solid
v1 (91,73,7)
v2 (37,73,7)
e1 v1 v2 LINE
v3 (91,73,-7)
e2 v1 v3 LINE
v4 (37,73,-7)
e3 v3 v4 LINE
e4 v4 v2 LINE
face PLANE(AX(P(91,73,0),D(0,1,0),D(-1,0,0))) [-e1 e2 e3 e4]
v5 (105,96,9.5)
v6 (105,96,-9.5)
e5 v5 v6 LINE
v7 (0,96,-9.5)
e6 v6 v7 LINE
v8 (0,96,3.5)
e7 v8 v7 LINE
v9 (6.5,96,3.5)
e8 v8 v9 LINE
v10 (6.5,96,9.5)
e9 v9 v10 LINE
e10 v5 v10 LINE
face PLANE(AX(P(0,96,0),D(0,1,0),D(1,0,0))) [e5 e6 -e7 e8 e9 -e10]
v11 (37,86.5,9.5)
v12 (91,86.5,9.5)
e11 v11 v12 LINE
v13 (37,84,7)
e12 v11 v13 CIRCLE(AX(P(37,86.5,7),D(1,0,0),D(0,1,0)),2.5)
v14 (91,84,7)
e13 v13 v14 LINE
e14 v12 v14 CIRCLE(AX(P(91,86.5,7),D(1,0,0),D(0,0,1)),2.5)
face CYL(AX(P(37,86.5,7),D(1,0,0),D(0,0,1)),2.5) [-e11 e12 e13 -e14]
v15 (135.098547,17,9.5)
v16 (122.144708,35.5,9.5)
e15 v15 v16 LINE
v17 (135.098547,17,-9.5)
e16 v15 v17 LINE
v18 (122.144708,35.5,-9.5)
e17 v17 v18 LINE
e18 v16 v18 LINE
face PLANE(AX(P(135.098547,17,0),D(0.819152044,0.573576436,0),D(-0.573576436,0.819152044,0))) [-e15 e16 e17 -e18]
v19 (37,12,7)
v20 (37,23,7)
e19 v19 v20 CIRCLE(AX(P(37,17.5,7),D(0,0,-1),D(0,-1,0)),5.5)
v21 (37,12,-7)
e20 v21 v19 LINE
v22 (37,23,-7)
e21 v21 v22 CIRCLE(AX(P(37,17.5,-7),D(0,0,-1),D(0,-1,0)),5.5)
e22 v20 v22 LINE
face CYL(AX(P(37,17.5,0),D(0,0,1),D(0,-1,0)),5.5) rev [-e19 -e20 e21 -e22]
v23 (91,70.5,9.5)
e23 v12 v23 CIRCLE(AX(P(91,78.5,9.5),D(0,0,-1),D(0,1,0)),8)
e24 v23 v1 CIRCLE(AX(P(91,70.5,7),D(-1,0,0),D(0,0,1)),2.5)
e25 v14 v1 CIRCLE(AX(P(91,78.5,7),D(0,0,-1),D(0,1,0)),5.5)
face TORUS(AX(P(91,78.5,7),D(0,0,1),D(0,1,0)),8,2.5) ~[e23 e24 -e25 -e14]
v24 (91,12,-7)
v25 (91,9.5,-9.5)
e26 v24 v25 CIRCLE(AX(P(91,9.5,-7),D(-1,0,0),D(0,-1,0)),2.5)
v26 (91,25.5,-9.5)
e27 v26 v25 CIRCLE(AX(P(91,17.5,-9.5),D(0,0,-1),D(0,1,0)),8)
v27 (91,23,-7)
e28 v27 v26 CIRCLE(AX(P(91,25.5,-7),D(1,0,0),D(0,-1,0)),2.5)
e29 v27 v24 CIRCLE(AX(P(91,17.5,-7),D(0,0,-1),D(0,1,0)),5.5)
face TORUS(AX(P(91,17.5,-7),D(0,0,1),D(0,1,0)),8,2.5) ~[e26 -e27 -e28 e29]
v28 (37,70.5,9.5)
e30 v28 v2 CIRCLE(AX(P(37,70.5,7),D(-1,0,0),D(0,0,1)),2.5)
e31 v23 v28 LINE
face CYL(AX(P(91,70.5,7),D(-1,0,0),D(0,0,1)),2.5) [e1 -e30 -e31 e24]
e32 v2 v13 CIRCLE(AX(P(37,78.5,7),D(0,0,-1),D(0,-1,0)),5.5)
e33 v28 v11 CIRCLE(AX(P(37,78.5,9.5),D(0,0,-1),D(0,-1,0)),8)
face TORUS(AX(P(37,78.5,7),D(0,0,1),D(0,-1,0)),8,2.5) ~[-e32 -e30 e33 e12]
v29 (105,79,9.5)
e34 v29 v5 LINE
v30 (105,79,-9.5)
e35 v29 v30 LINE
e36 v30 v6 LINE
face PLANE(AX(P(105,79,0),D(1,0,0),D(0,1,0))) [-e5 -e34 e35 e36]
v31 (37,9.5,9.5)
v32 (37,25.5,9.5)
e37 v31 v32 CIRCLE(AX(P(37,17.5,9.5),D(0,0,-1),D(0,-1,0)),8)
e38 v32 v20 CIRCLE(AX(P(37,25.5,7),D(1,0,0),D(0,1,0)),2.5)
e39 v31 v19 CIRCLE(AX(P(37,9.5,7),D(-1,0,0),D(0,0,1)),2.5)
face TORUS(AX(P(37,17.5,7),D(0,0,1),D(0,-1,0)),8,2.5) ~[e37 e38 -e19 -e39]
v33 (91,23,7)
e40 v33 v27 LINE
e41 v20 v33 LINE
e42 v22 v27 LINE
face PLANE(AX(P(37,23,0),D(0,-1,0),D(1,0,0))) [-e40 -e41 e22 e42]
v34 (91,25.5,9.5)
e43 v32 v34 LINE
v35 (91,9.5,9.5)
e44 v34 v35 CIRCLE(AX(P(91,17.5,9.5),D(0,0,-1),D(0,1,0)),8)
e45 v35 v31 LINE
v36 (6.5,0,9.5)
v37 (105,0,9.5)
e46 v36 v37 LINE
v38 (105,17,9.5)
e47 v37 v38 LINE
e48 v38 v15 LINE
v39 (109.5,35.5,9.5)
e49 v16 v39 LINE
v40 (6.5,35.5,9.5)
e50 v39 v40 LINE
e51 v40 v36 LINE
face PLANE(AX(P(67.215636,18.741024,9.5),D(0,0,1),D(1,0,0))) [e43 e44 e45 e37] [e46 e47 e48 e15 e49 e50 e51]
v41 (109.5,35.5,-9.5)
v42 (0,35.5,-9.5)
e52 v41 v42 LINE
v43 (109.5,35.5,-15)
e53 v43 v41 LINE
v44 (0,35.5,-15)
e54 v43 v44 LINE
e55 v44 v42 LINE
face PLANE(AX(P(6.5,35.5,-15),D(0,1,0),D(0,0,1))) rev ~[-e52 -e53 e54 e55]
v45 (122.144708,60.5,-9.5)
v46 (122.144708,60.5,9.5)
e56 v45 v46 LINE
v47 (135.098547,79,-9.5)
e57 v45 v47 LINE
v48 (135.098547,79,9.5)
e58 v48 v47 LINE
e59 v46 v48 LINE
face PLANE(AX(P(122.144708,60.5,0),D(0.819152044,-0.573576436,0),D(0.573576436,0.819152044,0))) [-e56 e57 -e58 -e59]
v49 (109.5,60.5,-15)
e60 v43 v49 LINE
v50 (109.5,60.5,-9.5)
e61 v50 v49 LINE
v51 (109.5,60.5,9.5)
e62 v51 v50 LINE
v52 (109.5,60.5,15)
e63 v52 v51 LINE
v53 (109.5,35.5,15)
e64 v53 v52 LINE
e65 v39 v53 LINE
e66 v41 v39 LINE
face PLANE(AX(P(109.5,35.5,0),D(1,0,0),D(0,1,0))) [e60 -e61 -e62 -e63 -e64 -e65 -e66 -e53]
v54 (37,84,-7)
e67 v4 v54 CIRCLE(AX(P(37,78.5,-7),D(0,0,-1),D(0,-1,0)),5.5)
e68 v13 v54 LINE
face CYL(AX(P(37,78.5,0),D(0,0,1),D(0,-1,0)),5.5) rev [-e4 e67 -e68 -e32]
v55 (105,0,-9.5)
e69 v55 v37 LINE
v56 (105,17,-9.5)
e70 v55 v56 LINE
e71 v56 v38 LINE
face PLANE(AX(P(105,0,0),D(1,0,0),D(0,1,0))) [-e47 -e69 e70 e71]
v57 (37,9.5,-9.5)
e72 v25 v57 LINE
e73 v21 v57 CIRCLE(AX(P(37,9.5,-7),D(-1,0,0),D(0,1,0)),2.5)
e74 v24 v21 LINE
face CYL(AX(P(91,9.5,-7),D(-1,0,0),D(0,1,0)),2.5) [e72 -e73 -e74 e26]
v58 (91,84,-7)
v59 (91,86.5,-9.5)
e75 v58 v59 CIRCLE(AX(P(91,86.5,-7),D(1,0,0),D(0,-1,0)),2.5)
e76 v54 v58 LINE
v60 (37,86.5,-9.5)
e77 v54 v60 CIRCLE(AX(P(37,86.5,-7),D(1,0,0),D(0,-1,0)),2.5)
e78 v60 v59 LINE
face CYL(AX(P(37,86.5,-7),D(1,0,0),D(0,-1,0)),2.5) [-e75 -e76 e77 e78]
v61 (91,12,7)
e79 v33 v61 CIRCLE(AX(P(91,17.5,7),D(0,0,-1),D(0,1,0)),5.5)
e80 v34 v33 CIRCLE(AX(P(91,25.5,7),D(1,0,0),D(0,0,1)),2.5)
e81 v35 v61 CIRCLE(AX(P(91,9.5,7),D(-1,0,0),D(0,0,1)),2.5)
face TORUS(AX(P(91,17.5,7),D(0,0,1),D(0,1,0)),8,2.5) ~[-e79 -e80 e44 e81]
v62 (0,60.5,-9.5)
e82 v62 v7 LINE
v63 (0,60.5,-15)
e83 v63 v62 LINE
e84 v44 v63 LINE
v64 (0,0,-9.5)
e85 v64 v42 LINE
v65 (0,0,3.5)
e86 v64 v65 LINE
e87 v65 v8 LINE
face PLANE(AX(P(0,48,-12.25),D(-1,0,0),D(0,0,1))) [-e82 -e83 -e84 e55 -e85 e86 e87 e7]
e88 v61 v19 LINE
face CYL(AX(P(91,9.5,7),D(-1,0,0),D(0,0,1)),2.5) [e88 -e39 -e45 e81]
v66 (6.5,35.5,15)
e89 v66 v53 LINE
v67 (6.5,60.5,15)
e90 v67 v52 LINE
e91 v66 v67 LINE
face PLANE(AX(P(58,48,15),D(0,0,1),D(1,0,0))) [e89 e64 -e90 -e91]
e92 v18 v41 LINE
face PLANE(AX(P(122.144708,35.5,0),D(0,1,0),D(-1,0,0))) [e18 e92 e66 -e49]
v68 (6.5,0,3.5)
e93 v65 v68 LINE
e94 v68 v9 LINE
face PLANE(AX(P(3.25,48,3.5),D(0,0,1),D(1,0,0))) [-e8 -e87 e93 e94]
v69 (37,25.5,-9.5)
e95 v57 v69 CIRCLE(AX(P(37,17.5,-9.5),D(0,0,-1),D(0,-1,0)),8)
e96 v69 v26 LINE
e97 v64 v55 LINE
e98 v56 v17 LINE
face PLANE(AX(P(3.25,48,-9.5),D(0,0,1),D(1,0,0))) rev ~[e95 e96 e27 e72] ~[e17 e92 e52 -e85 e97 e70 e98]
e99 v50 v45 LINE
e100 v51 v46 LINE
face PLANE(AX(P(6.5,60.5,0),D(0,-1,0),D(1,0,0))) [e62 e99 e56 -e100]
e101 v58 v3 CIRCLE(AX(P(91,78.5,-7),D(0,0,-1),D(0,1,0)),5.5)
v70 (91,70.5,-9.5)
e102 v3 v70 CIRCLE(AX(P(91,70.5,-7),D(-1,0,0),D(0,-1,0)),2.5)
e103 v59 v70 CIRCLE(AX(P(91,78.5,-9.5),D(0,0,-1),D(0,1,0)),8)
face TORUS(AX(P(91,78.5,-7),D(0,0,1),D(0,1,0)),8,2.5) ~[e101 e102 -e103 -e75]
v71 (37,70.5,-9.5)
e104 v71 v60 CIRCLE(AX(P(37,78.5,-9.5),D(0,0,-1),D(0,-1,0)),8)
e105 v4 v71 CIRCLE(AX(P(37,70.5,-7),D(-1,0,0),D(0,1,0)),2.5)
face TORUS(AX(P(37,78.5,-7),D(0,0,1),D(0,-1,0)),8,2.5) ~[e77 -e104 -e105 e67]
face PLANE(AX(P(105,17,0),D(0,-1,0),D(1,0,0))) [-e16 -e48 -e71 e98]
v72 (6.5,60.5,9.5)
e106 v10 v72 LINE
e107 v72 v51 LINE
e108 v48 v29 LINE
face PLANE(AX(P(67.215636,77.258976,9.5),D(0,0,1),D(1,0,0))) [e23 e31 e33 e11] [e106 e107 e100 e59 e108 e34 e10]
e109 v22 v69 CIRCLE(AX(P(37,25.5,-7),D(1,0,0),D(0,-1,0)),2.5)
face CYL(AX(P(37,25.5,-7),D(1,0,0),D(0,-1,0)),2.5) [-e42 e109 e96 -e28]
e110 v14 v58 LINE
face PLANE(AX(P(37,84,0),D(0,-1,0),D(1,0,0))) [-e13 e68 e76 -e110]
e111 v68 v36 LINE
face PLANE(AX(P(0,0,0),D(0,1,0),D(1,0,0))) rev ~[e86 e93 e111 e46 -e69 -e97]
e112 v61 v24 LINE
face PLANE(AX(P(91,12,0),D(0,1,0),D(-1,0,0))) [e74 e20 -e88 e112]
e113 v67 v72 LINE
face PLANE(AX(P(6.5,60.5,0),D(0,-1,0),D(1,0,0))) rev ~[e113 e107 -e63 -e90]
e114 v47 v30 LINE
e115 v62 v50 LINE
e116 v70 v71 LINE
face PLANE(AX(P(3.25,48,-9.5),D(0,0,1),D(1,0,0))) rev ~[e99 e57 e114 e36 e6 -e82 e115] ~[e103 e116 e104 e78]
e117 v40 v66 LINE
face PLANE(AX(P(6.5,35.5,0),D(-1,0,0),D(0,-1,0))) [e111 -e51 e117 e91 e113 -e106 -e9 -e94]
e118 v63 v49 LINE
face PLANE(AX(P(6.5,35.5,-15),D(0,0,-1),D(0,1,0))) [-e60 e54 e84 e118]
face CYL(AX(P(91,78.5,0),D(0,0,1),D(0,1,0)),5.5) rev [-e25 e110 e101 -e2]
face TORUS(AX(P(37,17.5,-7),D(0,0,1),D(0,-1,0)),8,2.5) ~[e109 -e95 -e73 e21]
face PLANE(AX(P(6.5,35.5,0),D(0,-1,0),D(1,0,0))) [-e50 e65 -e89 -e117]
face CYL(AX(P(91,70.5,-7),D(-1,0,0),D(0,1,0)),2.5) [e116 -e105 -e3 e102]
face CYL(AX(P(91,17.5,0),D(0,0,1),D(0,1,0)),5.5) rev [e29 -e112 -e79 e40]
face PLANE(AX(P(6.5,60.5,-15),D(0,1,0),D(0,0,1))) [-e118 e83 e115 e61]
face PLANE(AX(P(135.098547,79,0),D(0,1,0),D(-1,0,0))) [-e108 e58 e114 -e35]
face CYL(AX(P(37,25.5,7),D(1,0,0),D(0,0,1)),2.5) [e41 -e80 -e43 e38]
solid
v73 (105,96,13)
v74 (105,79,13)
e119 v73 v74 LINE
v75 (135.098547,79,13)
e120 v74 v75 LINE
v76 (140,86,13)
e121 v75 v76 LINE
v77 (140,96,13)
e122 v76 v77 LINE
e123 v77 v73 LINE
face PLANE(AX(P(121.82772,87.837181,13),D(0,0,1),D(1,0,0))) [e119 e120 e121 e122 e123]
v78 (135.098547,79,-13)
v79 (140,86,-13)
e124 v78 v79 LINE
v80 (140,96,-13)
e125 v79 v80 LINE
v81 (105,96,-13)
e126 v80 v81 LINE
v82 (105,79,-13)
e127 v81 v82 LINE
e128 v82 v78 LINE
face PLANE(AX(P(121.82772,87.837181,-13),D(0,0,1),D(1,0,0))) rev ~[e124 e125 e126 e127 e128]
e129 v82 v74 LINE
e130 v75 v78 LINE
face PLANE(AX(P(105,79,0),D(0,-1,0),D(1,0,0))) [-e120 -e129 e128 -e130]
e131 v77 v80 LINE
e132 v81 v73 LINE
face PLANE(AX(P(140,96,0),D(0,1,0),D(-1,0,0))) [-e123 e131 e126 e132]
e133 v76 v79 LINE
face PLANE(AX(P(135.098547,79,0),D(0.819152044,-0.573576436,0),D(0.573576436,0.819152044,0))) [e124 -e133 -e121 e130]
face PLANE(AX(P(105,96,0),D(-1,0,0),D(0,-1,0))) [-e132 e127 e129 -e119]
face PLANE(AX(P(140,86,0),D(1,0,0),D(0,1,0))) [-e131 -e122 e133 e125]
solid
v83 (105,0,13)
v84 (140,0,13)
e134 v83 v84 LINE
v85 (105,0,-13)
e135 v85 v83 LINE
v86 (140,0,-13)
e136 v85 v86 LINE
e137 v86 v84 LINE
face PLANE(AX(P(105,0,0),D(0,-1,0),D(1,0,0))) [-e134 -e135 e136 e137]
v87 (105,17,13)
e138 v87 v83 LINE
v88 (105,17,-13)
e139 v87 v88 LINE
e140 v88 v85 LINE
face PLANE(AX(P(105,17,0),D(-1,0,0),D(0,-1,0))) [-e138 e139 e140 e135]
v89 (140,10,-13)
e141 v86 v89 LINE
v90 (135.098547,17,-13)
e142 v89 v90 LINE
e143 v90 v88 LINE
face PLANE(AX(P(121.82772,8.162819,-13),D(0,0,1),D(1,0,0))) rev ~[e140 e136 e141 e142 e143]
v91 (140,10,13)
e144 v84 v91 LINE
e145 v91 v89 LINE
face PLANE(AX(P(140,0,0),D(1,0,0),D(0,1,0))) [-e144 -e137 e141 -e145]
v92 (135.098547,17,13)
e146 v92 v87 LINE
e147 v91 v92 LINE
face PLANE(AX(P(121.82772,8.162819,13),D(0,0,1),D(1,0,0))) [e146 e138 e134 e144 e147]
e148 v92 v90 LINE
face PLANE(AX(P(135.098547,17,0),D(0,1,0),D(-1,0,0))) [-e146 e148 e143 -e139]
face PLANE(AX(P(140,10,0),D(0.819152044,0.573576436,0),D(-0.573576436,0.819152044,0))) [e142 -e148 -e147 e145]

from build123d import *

# Parameters (mm, degrees)
SKETCH1_W             = 103
SKETCH1_H             = 25
BOSS_EXTRUDE1_DEPTH   = 15
BOSS_EXTRUDE2_DEPTH   = 13
BOSS_EXTRUDE2_2_DEPTH = 13
BOSS_EXTRUDE3_DEPTH   = 9.5
BOSS_EXTRUDE3_2_DEPTH = 9.5
FILLET1_R             = 2.5
FILLET2_R             = 2.5
SKETCH1_9_W           = 6.5
SKETCH1_9_H           = 96
BOSS_EXTRUDE5_DEPTH   = 9.5
SKETCH1_10_W          = 6.5
SKETCH1_10_H          = 96
BOSS_EXTRUDE6_DEPTH   = 3.5
SKETCH2_W             = 5.5
SKETCH2_H             = 25
BOSS_EXTRUDE7_DEPTH   = 6.5


with BuildPart() as part:
    # Sketch1 → Boss-Extrude1 (new, symmetric)
    with BuildSketch(Plane.XY):
        with Locations((58, 48)):
            Rectangle(SKETCH1_W, SKETCH1_H)
    extrude(amount=BOSS_EXTRUDE1_DEPTH, both=True)



with BuildPart() as body_2:
    # Sketch1<4> → Boss-Extrude2 (new, symmetric)
    with BuildSketch(Plane.XY):
        Polygon((105, 17), (105, 0), (140, 0), (140, 10), (135.098547233, 17), align=None)
    extrude(amount=BOSS_EXTRUDE2_DEPTH, both=True)


with BuildPart() as body_3:
    # Sketch1<4> → Boss-Extrude2 2 (new, symmetric)
    with BuildSketch(Plane.XY):
        Polygon((140, 96), (105, 96), (105, 79), (135.098547233, 79), (140, 86), align=None)
    extrude(amount=BOSS_EXTRUDE2_2_DEPTH, both=True)


with BuildPart() as body_4:
    # Sketch1<5> → Boss-Extrude3 (new, symmetric)
    with BuildSketch(Plane.XY):
        Polygon((105, 96), (6.5, 96), (6.5, 60.5), (109.5, 60.5), (122.144707776, 60.5), (135.098547233, 79), (105, 79), align=None)
        with BuildLine():
            ThreePointArc((37, 73), (31.5, 78.5), (37, 84))
            Line((37, 84), (91, 84))
            ThreePointArc((91, 84), (96.5, 78.5), (91, 73))
            Line((91, 73), (37, 73))
        make_face(mode=Mode.SUBTRACT)
    extrude(amount=BOSS_EXTRUDE3_DEPTH, both=True)

    # Fillet1
    fillet1_edges = [body_4.edges().sort_by_distance(p)[0] for p in [
        (64, 73, 9.5),
        (64, 84, -9.5),
        (31.5, 78.5, 9.5),
        (31.5, 78.5, -9.5),
        (64, 73, -9.5),
        (96.5, 78.5, -9.5),
        (64, 84, 9.5),
        (96.5, 78.5, 9.5),
    ]]
    fillet(fillet1_edges, radius=FILLET1_R)


with BuildPart() as body_5:
    # Sketch1<5> → Boss-Extrude3 2 (new, symmetric)
    with BuildSketch(Plane.XY):
        Polygon((109.5, 35.5), (6.5, 35.5), (6.5, 0), (105, 0), (105, 17), (135.098547233, 17), (122.144707776, 35.5), align=None)
        with BuildLine():
            ThreePointArc((37, 12), (31.5, 17.5), (37, 23))
            Line((37, 23), (91, 23))
            ThreePointArc((91, 23), (96.5, 17.5), (91, 12))
            Line((91, 12), (37, 12))
        make_face(mode=Mode.SUBTRACT)
    extrude(amount=BOSS_EXTRUDE3_2_DEPTH, both=True)

    # Fillet2
    fillet2_edges = [body_5.edges().sort_by_distance(p)[0] for p in [
        (64, 12, 9.5),
        (64, 23, -9.5),
        (31.5, 17.5, 9.5),
        (31.5, 17.5, -9.5),
        (64, 12, -9.5),
        (96.5, 17.5, -9.5),
        (64, 23, 9.5),
        (96.5, 17.5, 9.5),
    ]]
    fillet(fillet2_edges, radius=FILLET2_R)


with BuildPart() as part_1:
    add(part.part)

    add(body_4.part)  # Boss-Extrude5 merges body 4

    add(body_5.part)  # Boss-Extrude5 merges body 5
    # Sketch1<9> → Boss-Extrude5 (add)
    with BuildSketch(Plane.XY):
        with Locations((3.25, 48)):
            Rectangle(SKETCH1_9_W, SKETCH1_9_H)
    extrude(amount=-BOSS_EXTRUDE5_DEPTH)

    # Sketch1<10> → Boss-Extrude6 (add)
    with BuildSketch(Plane.XY):
        with Locations((3.25, 48)):
            Rectangle(SKETCH1_10_W, SKETCH1_10_H)
    extrude(amount=BOSS_EXTRUDE6_DEPTH)

    # Sketch2 → Boss-Extrude7 (add)
    with BuildSketch(Plane.ZY.offset(-6.5)):
        with Locations((-12.25, 48)):
            Rectangle(SKETCH2_W, SKETCH2_H)
    extrude(amount=BOSS_EXTRUDE7_DEPTH)


solid = Compound([body_2.part, body_3.part, part_1.part])
